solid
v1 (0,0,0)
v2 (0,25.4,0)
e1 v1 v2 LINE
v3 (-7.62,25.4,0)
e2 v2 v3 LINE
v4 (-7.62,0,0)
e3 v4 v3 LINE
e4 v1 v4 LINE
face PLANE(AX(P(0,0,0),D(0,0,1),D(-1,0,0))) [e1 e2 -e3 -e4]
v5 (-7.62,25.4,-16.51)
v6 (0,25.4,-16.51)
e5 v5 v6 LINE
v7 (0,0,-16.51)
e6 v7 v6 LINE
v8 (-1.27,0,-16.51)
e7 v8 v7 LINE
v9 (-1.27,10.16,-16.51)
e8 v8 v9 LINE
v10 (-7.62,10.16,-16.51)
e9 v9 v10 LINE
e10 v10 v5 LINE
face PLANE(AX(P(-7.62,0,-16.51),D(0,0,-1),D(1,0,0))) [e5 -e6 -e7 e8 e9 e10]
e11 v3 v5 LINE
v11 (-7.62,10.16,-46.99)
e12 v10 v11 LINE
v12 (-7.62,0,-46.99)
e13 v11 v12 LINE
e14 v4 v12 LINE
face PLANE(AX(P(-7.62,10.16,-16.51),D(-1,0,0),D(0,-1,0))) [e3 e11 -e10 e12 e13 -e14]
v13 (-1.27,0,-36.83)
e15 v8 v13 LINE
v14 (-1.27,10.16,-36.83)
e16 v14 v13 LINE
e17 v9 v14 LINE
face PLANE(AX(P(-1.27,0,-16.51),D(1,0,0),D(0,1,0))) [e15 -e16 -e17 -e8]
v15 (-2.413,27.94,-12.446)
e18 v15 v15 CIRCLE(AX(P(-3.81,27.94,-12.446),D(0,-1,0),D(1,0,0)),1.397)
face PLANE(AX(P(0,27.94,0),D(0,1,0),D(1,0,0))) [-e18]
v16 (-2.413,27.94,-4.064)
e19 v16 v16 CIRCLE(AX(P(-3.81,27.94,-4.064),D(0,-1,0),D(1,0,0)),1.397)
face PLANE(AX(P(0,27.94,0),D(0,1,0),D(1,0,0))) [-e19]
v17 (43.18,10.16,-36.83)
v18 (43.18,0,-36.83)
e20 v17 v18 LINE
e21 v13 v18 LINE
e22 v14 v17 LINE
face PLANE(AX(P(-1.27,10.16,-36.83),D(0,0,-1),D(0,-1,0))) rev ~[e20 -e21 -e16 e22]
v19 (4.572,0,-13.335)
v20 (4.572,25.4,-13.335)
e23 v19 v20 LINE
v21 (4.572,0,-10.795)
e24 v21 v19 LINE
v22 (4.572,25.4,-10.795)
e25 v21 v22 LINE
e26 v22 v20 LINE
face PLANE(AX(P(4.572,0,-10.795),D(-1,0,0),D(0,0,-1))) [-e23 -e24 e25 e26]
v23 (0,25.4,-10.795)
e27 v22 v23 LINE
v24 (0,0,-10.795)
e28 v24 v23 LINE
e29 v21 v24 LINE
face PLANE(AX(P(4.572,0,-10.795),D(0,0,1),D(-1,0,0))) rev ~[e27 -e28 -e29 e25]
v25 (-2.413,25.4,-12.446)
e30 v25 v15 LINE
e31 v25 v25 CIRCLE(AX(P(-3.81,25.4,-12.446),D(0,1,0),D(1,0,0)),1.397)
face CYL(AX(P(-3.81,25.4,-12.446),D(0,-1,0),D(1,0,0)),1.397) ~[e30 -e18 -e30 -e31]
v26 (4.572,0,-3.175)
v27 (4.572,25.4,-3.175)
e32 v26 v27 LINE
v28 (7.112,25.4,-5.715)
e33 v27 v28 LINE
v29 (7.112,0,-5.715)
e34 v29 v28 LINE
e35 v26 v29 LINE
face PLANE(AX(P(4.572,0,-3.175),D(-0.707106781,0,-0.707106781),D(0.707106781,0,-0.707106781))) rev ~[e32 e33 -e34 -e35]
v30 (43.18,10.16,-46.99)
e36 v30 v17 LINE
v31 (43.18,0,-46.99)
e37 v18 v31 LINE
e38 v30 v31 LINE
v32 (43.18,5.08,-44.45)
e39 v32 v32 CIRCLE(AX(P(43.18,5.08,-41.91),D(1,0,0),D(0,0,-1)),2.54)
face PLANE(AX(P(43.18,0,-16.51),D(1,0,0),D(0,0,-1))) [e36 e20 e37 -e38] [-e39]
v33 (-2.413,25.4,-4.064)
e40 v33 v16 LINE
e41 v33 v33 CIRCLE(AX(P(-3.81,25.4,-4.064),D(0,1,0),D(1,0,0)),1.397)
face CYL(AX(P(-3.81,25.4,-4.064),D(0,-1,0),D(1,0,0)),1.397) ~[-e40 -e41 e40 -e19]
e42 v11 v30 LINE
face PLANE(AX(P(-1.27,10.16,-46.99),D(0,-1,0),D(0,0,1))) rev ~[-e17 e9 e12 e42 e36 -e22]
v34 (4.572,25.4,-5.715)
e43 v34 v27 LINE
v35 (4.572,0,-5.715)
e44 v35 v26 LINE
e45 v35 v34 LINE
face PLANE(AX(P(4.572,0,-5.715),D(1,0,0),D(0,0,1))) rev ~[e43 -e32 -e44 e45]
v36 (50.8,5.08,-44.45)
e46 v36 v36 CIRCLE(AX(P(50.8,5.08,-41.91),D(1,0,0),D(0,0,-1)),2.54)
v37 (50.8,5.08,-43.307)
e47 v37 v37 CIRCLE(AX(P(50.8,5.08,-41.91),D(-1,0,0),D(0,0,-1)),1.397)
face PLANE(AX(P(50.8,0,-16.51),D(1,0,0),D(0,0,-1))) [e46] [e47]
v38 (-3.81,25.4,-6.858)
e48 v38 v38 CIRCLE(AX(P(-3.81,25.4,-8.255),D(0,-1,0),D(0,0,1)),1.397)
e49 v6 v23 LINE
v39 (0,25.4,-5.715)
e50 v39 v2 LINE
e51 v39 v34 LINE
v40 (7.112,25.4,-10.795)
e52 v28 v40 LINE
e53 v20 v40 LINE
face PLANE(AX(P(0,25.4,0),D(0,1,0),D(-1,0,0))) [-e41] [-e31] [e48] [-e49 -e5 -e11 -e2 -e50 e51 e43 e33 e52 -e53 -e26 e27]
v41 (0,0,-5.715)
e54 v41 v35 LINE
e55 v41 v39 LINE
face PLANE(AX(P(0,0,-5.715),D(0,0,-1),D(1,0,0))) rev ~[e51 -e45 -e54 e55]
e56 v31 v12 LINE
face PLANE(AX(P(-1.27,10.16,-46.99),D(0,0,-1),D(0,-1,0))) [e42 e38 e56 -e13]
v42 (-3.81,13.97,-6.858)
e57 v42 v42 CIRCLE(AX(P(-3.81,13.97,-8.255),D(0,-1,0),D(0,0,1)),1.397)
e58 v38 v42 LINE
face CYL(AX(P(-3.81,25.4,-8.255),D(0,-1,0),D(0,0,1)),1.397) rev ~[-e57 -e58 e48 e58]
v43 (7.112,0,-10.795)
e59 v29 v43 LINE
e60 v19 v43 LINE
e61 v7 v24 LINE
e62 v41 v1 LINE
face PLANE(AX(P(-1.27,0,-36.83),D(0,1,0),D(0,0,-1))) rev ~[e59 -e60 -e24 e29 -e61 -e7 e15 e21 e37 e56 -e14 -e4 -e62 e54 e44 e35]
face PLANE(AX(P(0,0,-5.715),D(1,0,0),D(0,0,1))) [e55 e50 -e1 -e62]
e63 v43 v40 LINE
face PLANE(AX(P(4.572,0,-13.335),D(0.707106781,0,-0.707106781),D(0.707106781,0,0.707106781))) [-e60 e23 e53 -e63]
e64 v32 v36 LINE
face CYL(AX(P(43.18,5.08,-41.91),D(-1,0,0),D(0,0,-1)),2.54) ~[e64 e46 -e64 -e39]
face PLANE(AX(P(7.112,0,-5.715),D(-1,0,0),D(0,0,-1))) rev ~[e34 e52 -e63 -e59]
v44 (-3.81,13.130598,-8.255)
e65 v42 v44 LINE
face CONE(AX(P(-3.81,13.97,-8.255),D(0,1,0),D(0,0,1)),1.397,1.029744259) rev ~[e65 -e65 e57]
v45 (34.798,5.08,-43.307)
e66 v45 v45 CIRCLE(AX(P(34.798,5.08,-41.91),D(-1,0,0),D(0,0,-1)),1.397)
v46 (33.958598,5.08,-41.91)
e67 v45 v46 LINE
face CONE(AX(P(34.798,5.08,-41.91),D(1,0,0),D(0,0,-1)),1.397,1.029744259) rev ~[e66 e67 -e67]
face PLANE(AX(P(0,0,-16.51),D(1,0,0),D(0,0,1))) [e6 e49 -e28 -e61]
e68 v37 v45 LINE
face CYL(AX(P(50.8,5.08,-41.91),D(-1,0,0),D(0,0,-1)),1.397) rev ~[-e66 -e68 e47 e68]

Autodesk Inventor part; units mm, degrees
ref_plane "YZ Plane" through (0, 0, 0) normal (1, 0, 0) x (0, 1, 0)
ref_plane "XZ Plane" through (0, 0, 0) normal (0, 1, 0) x (-1, 0, 0)
ref_plane "XY Plane" through (0, 0, 0) normal (0, 0, 1) x (1, 0, 0)
sketch "Sketch1" plane through (0, 0, 0) normal (0, 1, 0) x (-1, 0, 0)
  line L0 (0, 0) -> (7.62, 0)
  line L1 (7.62, 0) -> (7.62, -16.51)
  line L2 (7.62, -16.51) -> (0, -16.51)
  line L3 (0, -16.51) -> (0, 0)
  line L4 (0, 0) -> (0, -5.715)
  line L5 (0, -5.715) -> (-7.112, -5.715)
  line L6 (-7.112, -5.715) -> (-7.112, -10.795)
  line L7 (-7.112, -10.795) -> (0, -10.795)
  line L8 (-7.112, -5.715) -> (-4.572, -5.715)
  line L9 (-4.572, -5.715) -> (-4.572, -3.175)
  line L10 (-4.572, -3.175) -> (-7.112, -5.715)
  line L11 (-7.112, -10.795) -> (-4.572, -10.795)
  line L12 (-4.572, -10.795) -> (-4.572, -13.335)
  line L13 (-4.572, -13.335) -> (-7.112, -10.795)
  dimension "d0" = 7.62
  dimension "d1" = 16.51
  dimension "d2" = 5.715
  dimension "d3" = 7.112
  dimension "d4" = 5.08
  dimension "d5" = 2.54
  dimension "d6" = 2.54
  dimension "d7" = 2.54
extrude "Extrusion1" add sketch "Sketch1" along normal blind 25.4
sketch "Sketch2" plane through (0, 25.4, 0) normal (0, 1, 0) x (1, 0, 0)
  line L0 (-7.62, 0) -> (0, 0) projected
  line L1 (-3.81, 0) -> (-3.81, 4.064)
  line L2 (0, 16.51) -> (-7.62, 16.51) projected
  line L3 (-3.81, 16.51) -> (-3.81, 12.446)
  circle A0 centre (-3.81, 4.064) radius 1.397
  circle A1 centre (-3.81, 12.446) radius 1.397
  dimension "d10" = 4.064
  dimension "d11" = 4.064
  dimension "d12" = 2.794
  dimension "d13" = 2.794
extrude "Extrusion2" add sketch "Sketch2" along normal blind 2.54
sketch "Sketch3" plane through (0, 25.4, 0) normal (0, 1, 0) x (1, 0, 0)
  line L0 (-7.62, 0) -> (0, 0) projected
  line L1 (-3.81, 0) -> (-3.81, 8.255)
  dimension "d16" = 8.255
hole "Hole1" at (-3.81, 25.4, -8.255) direction (0, -1, 0) diameter 2.794 depth 11.43 tip angle 118
sketch "Sketch4" plane through (0, 0, -16.51) normal (0, 0, -1) x (-1, 0, 0)
  line L0 (7.62, 0) -> (0, 0) projected
  line L1 (7.62, 0) -> (1.27, 0)
  line L2 (1.27, 0) -> (1.27, 10.16)
  line L3 (1.27, 10.16) -> (7.62, 10.16)
  line L4 (7.62, 10.16) -> (7.62, 0)
  dimension "d24" = 6.35
  dimension "d25" = 10.16
extrude "Extrusion3" add sketch "Sketch4" along normal blind 30.48
sketch "Sketch5" plane through (-1.27, 0, -16.51) normal (1, 0, 0) x (0, 0, -1)
  line L0 (30.48, 10.16) -> (30.48, 0) projected
  line L1 (-16.51, 0) -> (30.48, 0) projected
  line L2 (30.48, 10.16) -> (20.32, 10.16)
  line L3 (20.32, 10.16) -> (20.32, 0)
  line L4 (20.32, 0) -> (30.48, 0)
  line L5 (30.48, 0) -> (30.48, 10.16)
  dimension "d28" = 10.16
extrude "Extrusion4" add sketch "Sketch5" along normal blind 44.45
sketch "Sketch6" plane through (43.18, 0, -16.51) normal (1, 0, 0) x (0, 0, -1)
  line L0 (30.48, 0) -> (30.48, 10.16) projected
  line L1 (30.48, 5.08) -> (25.4, 5.08)
  circle A0 centre (25.4, 5.08) radius 2.54
  point P0 (-16.51, 0)
  dimension "d31" = 5.08
  dimension "d32" = 5.08
extrude "Extrusion5" add sketch "Sketch6" along normal blind 7.62
sketch "Sketch7" plane through (50.8, 5.08, -41.91) normal (1, 0, 0) x (0, 0, -1)
  circle A0 centre (0, 0) radius 1.397
  point P0 (-41.91, -5.08)
  dimension "d35" = 2.794
hole "Hole2" at (50.8, 5.08, -41.91) direction (-1, 0, 0) diameter 2.794 depth 16.002 tip angle 118
properties part number "Grab Rail v2"
